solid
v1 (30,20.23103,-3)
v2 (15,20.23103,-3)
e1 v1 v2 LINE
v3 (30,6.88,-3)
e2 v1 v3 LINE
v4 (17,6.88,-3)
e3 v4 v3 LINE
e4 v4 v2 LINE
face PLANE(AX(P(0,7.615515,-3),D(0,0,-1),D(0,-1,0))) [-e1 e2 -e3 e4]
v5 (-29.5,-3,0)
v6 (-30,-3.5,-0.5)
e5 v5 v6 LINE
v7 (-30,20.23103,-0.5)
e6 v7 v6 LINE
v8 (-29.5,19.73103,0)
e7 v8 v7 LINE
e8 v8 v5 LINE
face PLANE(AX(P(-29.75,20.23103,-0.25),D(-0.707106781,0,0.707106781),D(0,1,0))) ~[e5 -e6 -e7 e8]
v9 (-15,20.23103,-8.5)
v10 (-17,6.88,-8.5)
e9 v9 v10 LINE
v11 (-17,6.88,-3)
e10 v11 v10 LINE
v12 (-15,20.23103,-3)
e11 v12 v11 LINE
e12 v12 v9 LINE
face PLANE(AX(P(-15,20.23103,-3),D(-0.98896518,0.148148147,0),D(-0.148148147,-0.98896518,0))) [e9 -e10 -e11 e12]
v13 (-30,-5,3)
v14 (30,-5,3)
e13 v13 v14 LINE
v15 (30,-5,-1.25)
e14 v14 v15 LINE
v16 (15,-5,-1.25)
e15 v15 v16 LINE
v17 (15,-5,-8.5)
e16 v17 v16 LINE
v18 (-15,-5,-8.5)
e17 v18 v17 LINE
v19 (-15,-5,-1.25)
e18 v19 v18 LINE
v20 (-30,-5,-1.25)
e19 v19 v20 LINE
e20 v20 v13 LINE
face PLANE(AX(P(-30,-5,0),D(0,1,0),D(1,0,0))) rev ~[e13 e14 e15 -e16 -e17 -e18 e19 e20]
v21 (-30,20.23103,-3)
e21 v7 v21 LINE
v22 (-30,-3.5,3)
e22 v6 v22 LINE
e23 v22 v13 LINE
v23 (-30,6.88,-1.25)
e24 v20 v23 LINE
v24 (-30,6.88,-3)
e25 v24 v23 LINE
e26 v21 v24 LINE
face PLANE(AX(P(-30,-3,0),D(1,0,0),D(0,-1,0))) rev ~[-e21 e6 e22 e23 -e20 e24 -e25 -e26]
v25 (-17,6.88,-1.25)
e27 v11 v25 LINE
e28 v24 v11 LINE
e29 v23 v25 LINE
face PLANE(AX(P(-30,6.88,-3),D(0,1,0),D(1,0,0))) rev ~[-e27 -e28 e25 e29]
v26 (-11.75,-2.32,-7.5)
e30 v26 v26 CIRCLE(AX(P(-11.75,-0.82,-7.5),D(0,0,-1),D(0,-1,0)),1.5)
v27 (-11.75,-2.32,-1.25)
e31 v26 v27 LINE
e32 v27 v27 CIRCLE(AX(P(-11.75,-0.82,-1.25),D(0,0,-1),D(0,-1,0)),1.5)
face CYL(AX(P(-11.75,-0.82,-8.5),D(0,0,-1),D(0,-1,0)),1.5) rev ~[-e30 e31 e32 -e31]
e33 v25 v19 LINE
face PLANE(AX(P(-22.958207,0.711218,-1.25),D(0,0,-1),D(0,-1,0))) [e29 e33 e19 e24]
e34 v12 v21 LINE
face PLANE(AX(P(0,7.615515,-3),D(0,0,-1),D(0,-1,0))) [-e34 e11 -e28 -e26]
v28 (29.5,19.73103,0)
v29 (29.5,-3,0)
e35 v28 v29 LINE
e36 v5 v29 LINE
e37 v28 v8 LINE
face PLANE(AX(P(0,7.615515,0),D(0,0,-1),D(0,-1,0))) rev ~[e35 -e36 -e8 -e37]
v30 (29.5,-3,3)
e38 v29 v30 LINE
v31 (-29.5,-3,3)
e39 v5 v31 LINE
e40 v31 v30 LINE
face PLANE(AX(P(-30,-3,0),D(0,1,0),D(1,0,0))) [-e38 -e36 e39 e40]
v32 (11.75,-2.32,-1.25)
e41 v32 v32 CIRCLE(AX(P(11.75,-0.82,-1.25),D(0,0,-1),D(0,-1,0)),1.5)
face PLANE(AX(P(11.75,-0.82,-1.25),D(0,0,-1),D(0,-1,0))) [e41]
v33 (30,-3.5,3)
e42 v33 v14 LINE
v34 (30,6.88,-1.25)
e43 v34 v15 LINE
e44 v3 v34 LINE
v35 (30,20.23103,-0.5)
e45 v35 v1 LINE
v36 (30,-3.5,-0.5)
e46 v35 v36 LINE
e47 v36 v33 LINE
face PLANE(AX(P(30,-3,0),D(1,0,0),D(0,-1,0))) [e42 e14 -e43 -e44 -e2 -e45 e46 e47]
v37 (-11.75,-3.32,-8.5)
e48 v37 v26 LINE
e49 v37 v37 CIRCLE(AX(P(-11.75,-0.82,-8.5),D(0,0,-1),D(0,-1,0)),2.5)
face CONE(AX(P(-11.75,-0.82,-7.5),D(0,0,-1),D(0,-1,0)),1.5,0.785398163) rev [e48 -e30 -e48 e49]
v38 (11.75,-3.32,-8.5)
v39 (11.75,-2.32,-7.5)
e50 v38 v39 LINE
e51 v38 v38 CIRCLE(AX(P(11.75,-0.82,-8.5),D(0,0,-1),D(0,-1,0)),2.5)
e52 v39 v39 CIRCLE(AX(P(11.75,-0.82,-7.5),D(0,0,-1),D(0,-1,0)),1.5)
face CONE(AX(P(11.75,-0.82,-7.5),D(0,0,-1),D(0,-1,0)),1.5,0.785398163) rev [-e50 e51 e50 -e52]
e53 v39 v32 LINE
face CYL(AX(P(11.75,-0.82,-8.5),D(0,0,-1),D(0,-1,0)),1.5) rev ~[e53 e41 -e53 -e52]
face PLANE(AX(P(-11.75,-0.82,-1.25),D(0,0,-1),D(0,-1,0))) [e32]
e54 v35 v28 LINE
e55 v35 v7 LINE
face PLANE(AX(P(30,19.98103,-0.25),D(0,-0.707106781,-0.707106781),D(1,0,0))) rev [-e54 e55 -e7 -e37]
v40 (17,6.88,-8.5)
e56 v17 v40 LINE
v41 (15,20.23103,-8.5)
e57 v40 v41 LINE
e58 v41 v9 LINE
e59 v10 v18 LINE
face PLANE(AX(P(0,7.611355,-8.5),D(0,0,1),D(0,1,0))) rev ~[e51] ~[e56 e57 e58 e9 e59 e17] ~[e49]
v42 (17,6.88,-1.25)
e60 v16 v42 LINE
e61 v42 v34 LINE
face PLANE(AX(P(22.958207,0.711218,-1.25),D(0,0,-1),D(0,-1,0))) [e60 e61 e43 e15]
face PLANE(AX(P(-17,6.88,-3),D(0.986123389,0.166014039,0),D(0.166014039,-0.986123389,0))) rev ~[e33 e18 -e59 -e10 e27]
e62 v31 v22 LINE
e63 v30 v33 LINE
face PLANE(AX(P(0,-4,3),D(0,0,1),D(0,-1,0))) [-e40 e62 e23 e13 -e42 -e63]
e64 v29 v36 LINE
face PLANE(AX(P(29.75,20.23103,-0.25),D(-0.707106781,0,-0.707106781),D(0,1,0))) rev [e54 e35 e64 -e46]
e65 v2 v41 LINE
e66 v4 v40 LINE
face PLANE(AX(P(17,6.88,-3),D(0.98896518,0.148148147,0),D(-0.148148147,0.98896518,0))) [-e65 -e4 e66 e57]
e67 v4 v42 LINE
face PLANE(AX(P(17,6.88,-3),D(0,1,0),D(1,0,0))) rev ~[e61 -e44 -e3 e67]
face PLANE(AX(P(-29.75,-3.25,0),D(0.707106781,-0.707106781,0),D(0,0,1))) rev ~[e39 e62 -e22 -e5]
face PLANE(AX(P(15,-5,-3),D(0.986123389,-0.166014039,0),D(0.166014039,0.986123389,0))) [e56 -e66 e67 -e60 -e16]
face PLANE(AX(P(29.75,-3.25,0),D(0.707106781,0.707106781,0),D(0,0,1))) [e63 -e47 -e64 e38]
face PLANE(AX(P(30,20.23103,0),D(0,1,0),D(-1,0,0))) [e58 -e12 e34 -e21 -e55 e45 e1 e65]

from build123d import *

# Parameters (mm, degrees)
SKETCH025_W          = 25.23103
SKETCH025_H          = 60
PAD004_DEPTH         = 3
PAD005_DEPTH         = 5.5
SKETCH027_R          = 1.5
POCKET005_DEPTH      = 7.25
SKETCH028_W          = 2
SKETCH028_H          = 60
PAD006_DEPTH         = 3
POCKET006_DEPTH      = 1.75
CHAMFER003_SIZE      = 0.5
CHAMFER004_SIZE      = 1
BODY_ROLL_ANGLE      = -180
BODY_PLACEMENT_ANGLE = -90


with BuildPart() as part:
    # Sketch025 → Pad004 (new body)
    with BuildSketch(Plane.XY):
        with Locations((-10.615515, 0)):
            Rectangle(SKETCH025_W, SKETCH025_H)
    extrude(amount=PAD004_DEPTH)

    # Sketch026 (on Face6 of Pad004) → Pad005 (join)
    with BuildSketch(Plane.XY.offset(3)):
        Polygon((-23.23103, 15), (-9.88, 17), (2, 15), (2, -15), (-9.88, -17), (-23.23103, -15), align=None)
    extrude(amount=PAD005_DEPTH)

    # Sketch027 (on Face12 of Pad005) → Pocket005 (cut)
    with BuildSketch(Plane.XY.offset(8.5)):
        with Locations((-2.18, 11.75)):
            Circle(SKETCH027_R)
        with Locations((-2.18, -11.75)):
            Circle(SKETCH027_R)
    extrude(amount=-POCKET005_DEPTH, mode=Mode.SUBTRACT)

    # Sketch028 (on Face4 of Pocket005) → Pad006 (join)
    with BuildSketch(Plane(origin=(0, 0, 0), x_dir=(1, 0, 0), z_dir=(0, 0, -1))):
        with Locations((1, 0)):
            Rectangle(SKETCH028_W, SKETCH028_H)
    extrude(amount=PAD006_DEPTH)

    # Sketch029 (on Face9 of Pad006) → Pocket006 (cut)
    with BuildSketch(Plane.XY.offset(3)):
        Polygon((2, 30), (-9.88, 30), (-9.88, 17), (2, 15), align=None)
        Polygon((2, -30), (2, -15), (-9.88, -17), (-9.88, -30), align=None)
    extrude(amount=-POCKET006_DEPTH, mode=Mode.SUBTRACT)

    # Chamfer003
    chamfer003_edges = [part.edges().sort_by_distance(p)[0] for p in [
        (0, 30, -1.5),
        (0, -30, -1.5),
        (-11.615515, 30, 0),
        (-23.23103, 0, 0),
        (-11.615515, -30, 0),
    ]]
    chamfer(chamfer003_edges, length=CHAMFER003_SIZE)

    # Chamfer004
    chamfer004_edges = [part.edges().sort_by_distance(p)[0] for p in [
        (-3.68, -11.75, 8.5),
        (-3.68, 11.75, 8.5),
    ]]
    chamfer(chamfer004_edges, length=CHAMFER004_SIZE)


with BuildPart() as part_1:
    # Body roll: moved
    add(part.part.rotate(Axis((0, 0, 0), (1, 0, 0)), BODY_ROLL_ANGLE))


with BuildPart() as part_2:
    # Body placement: moved
    add(part_1.part.moved(Location((0, -3, 0))).rotate(Axis((0, -3, 0), (0, 0, 1)), BODY_PLACEMENT_ANGLE))


solid = part_2.part
